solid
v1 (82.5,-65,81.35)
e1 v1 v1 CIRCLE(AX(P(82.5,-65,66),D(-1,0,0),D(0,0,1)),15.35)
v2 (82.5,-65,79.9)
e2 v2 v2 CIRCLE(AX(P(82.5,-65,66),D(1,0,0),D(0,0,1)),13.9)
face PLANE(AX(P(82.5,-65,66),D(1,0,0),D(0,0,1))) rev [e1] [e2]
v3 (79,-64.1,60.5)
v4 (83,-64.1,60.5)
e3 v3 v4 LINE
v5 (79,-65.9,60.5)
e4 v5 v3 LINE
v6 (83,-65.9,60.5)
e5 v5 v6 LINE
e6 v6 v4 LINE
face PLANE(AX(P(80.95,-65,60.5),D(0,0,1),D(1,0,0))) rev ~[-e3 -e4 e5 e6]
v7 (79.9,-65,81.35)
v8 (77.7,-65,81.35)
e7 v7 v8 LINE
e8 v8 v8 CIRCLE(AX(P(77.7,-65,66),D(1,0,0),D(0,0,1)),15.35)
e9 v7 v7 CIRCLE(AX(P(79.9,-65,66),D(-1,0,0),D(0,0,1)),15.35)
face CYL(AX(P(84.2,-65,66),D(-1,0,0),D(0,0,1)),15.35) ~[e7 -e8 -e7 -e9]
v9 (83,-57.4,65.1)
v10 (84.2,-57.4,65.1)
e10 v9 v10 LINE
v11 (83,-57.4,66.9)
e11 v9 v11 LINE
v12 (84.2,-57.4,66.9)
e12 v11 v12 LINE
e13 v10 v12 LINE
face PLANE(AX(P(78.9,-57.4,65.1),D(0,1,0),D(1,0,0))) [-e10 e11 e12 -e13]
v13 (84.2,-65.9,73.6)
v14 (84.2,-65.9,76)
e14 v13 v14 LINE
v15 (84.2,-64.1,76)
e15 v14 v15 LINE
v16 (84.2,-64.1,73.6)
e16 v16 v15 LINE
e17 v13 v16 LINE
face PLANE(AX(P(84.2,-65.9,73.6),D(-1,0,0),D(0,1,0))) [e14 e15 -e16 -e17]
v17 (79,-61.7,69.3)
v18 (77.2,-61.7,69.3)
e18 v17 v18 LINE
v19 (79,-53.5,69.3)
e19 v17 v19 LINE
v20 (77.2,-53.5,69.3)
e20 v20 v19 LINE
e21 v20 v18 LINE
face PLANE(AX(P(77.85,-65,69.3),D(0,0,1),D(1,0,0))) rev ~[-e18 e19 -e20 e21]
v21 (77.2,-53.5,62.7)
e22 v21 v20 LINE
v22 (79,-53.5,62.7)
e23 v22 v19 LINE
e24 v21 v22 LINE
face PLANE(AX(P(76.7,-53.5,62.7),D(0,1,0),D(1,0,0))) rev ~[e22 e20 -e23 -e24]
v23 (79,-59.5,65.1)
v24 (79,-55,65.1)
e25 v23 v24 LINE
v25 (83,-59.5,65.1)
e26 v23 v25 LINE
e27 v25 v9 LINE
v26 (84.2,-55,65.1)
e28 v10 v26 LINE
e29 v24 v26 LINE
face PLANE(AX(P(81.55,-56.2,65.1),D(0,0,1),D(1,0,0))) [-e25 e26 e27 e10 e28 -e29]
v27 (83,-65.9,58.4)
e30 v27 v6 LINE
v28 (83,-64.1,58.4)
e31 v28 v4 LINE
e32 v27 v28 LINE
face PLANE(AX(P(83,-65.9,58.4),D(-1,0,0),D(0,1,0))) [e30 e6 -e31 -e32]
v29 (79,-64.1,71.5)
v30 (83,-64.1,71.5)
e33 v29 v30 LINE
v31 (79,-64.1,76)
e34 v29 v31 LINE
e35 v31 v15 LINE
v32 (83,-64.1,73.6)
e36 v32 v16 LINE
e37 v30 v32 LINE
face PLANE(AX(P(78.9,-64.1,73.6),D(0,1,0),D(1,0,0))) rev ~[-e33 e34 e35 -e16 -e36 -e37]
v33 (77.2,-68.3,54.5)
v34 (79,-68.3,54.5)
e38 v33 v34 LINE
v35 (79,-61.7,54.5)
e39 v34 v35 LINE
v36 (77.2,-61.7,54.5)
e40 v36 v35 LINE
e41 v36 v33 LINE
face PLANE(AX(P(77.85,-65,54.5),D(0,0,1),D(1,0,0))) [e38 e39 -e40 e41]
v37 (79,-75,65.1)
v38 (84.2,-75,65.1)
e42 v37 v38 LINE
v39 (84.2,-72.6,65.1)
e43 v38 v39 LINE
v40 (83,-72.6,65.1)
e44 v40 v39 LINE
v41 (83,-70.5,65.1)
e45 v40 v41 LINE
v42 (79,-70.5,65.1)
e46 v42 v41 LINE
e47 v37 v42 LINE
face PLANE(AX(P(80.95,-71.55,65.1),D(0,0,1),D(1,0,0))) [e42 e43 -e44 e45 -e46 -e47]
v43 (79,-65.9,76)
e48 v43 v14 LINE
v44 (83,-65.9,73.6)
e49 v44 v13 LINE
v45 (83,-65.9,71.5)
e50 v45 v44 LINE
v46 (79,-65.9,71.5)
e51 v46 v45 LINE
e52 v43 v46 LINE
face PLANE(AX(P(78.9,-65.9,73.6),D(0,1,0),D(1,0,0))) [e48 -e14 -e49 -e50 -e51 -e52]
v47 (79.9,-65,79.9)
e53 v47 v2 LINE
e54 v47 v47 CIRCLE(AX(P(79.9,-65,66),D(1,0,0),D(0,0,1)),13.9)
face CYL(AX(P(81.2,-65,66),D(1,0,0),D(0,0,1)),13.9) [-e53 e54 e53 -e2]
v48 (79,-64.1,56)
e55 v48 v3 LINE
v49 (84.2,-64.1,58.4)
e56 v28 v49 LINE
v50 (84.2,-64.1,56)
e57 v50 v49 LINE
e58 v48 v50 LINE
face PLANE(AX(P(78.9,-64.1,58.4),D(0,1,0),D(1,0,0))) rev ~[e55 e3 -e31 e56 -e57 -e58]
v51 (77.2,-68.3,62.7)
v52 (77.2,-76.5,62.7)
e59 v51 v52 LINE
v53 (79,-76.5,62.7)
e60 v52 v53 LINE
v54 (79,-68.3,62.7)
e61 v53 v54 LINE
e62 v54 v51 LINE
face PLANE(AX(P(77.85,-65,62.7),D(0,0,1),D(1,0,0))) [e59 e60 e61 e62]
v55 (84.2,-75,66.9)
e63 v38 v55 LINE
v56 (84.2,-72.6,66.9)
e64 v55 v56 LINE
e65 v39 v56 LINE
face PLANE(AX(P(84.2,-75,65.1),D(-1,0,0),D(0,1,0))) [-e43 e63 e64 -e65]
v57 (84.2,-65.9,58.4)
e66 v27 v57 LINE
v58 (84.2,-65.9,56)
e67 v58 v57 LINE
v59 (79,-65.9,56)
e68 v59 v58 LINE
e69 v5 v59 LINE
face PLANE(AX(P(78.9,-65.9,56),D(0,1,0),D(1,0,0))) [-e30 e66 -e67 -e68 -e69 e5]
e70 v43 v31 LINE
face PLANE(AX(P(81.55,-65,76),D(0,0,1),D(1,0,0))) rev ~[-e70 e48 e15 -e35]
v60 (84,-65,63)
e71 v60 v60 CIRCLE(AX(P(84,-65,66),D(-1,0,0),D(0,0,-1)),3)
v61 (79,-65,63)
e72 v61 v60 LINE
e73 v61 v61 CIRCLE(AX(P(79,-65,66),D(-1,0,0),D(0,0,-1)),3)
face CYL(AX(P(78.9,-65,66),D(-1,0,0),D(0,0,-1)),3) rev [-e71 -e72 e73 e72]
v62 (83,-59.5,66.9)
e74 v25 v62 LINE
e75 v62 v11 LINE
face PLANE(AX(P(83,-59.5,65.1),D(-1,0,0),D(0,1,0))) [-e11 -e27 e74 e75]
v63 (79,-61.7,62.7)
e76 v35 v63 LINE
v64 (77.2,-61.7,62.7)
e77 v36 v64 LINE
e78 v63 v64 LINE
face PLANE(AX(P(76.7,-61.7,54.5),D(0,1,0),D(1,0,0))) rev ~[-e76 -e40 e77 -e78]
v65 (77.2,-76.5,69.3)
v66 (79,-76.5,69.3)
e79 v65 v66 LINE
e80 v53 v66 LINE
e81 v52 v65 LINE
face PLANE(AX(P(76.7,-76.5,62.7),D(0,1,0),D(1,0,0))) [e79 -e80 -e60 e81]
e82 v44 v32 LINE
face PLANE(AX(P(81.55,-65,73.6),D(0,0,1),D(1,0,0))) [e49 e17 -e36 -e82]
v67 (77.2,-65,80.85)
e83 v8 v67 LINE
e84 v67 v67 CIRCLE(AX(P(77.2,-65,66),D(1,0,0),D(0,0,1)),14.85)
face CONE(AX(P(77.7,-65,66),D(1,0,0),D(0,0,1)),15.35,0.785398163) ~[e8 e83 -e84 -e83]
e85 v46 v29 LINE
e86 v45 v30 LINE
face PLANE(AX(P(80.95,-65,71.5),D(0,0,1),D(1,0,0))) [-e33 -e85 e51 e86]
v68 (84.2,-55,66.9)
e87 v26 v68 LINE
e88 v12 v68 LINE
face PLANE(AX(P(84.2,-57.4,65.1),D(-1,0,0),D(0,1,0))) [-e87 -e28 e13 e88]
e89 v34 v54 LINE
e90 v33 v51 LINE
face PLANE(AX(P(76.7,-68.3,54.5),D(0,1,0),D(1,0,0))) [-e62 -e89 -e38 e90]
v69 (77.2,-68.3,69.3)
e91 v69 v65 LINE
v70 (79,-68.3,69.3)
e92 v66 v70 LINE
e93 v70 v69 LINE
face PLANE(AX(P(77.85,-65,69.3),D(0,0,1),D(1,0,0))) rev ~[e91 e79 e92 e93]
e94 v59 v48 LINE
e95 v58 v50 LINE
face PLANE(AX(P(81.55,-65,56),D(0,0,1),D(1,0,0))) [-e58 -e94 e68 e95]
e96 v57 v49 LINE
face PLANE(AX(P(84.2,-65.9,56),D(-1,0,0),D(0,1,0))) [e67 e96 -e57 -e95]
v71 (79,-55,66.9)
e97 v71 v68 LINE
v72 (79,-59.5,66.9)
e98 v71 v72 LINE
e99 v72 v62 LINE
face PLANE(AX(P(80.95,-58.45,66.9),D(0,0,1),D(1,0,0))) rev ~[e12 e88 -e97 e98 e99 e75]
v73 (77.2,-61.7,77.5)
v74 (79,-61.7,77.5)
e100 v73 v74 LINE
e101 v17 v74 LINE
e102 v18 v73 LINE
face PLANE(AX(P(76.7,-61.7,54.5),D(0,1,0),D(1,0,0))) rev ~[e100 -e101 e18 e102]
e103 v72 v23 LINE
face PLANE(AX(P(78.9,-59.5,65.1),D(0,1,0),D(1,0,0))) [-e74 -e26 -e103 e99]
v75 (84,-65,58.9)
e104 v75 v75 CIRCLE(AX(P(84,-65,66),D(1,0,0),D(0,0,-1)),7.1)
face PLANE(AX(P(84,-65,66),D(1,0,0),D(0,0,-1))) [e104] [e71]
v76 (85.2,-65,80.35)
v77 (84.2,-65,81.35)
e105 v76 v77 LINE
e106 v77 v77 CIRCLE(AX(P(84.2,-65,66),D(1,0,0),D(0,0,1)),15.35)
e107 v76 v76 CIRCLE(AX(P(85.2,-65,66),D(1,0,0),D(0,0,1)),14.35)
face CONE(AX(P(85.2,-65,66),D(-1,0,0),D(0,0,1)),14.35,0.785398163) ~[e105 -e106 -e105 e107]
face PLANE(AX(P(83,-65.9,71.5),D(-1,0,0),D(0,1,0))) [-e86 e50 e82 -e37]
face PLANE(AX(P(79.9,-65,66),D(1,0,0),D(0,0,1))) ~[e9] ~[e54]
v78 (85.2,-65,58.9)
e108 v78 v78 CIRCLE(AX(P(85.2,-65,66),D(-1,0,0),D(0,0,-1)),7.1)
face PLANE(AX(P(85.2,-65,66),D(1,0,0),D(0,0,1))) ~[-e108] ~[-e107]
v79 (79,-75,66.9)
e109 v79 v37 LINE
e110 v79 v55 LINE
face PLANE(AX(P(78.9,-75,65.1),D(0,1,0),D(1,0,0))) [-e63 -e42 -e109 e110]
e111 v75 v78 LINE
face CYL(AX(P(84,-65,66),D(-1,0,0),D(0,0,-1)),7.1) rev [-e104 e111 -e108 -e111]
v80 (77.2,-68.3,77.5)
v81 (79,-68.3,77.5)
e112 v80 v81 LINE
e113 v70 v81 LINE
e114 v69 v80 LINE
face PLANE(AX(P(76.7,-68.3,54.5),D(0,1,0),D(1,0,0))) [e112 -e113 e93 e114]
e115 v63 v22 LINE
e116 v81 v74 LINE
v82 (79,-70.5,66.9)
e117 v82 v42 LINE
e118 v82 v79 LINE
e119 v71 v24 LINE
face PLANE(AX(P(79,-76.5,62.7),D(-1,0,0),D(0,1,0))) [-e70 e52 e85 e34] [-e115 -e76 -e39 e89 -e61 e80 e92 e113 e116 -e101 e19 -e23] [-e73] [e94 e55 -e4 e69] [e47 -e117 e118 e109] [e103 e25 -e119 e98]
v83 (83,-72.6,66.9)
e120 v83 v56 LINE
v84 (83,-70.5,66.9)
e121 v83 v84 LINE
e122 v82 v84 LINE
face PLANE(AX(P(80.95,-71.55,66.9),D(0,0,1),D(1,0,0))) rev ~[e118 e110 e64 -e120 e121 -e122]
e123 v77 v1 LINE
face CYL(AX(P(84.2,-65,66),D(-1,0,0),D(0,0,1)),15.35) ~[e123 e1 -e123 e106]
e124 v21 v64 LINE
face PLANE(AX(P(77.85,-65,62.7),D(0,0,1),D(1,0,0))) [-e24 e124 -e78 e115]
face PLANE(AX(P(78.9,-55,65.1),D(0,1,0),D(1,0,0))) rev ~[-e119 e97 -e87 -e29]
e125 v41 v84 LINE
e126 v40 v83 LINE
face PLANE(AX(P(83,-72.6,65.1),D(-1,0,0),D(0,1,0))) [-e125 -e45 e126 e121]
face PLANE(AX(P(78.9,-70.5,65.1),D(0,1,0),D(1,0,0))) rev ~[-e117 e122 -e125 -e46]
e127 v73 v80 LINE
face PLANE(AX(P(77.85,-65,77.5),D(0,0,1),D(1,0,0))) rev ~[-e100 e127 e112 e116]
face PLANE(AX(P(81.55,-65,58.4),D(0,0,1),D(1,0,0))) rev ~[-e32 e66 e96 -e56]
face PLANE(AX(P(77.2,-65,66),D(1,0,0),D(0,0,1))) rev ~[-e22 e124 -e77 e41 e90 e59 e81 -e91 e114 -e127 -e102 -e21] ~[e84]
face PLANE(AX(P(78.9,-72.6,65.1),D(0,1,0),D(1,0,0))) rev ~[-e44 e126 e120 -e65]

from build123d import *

# Parameters (mm, degrees)
SKETCH2_W            = 2.6
SKETCH2_H            = 2.45
BOSS_EXTRUDE1_START  = 62.7
SKETCH3_W            = 2.3
SKETCH3_H            = 23
BOSS_EXTRUDE1_DEPTH  = 6.6
BOSS_EXTRUDE2_START  = 54.5
SKETCH4_W            = 2.3
SKETCH4_H            = 6.6
BOSS_EXTRUDE2_DEPTH  = 23
BOSS_EXTRUDE3_START  = 76.7
SKETCH5_R            = 4.6
BOSS_EXTRUDE3_DEPTH  = 2.3
BOSS_EXTRUDE4_START  = 84
SKETCH6_R            = 7.1
BOSS_EXTRUDE4_DEPTH  = 1.7
BOSS_EXTRUDE5_START  = 78.9
SKETCH7_R            = 3
BOSS_EXTRUDE5_DEPTH  = 5.2
BOSS_EXTRUDE6_START  = 65.1
SKETCH8_W            = 4.1
SKETCH8_H            = 2.1
BOSS_EXTRUDE6_DEPTH  = 1.8
BOSS_EXTRUDE7_START  = 71.5
SKETCH9_W            = 4.1
SKETCH9_H            = 1.8
BOSS_EXTRUDE7_DEPTH  = 2.1
BOSS_EXTRUDE8_START  = 65.1
SKETCH10_W           = 4.1
SKETCH10_H           = 2.1
BOSS_EXTRUDE8_DEPTH  = 1.8
BOSS_EXTRUDE9_START  = 58.4
SKETCH11_W           = 4.1
SKETCH11_H           = 1.8
BOSS_EXTRUDE9_DEPTH  = 2.1
BOSS_EXTRUDE10_START = 65.1
SKETCH12_W           = 5.3
SKETCH12_H           = 2.4
BOSS_EXTRUDE10_DEPTH = 1.8
BOSS_EXTRUDE11_START = 73.6
SKETCH13_W           = 5.3
SKETCH13_H           = 1.8
BOSS_EXTRUDE11_DEPTH = 2.4
BOSS_EXTRUDE12_START = 65.1
SKETCH14_W           = 5.3
SKETCH14_H           = 2.4
BOSS_EXTRUDE12_DEPTH = 1.8
BOSS_EXTRUDE13_START = 56
SKETCH15_W           = 5.3
SKETCH15_H           = 1.8
BOSS_EXTRUDE13_DEPTH = 2.4


with BuildPart() as part:
    # Sketch1 → Revolve1 (revolve)
    with BuildSketch(Plane.XY.offset(66)):
        Polygon((77.2, -65), (85.2, -65), (85.2, -50.65), (84.2, -49.65), (77.7, -49.65), (77.2, -50.15), align=None)
    revolve(axis=Axis((72.2, -65, 66), (1, 0, 0)))


with BuildPart() as body_2:
    # Sketch2 → Revolve2 (revolve)
    with BuildSketch(Plane.XY.offset(66)):
        with Locations((81.2, -49.875)):
            Rectangle(SKETCH2_W, SKETCH2_H)
    revolve(axis=Axis((74.9, -65, 66), (1, 0, 0)))


with BuildPart() as part_1:
    add(part.part)

    # Combine1: cut body 2
    add(body_2.part, mode=Mode.SUBTRACT)


with BuildPart() as body_2_2:
    # Sketch3 → Boss-Extrude1 (new body)
    with BuildSketch(Plane.XY.offset(BOSS_EXTRUDE1_START)):
        with Locations((77.85, -65)):
            Rectangle(SKETCH3_W, SKETCH3_H)
    extrude(amount=BOSS_EXTRUDE1_DEPTH)


with BuildPart() as part_2:
    add(part_1.part)

    # Combine2: cut body 2 2
    add(body_2_2.part, mode=Mode.SUBTRACT)


with BuildPart() as body_2_3:
    # Sketch4 → Boss-Extrude2 (new body)
    with BuildSketch(Plane.XY.offset(BOSS_EXTRUDE2_START)):
        with Locations((77.85, -65)):
            Rectangle(SKETCH4_W, SKETCH4_H)
    extrude(amount=BOSS_EXTRUDE2_DEPTH)


with BuildPart() as part_3:
    add(part_2.part)

    # Combine3: cut body 2 3
    add(body_2_3.part, mode=Mode.SUBTRACT)


with BuildPart() as body_2_4:
    # Sketch5 → Boss-Extrude3 (new body)
    with BuildSketch(Plane(origin=(0, 0, 0), x_dir=(0, 0, -1), z_dir=(1, 0, 0)).offset(BOSS_EXTRUDE3_START)):
        with Locations((-66, -65)):
            Circle(SKETCH5_R)
    extrude(amount=BOSS_EXTRUDE3_DEPTH)


with BuildPart() as part_4:
    add(part_3.part)

    # Combine4: cut body 2 4
    add(body_2_4.part, mode=Mode.SUBTRACT)


with BuildPart() as body_2_5:
    # Sketch6 → Boss-Extrude4 (new body)
    with BuildSketch(Plane(origin=(0, 0, 0), x_dir=(0, 0, -1), z_dir=(1, 0, 0)).offset(BOSS_EXTRUDE4_START)):
        with Locations((-66, -65)):
            Circle(SKETCH6_R)
    extrude(amount=BOSS_EXTRUDE4_DEPTH)


with BuildPart() as part_5:
    add(part_4.part)

    # Combine5: cut body 2 5
    add(body_2_5.part, mode=Mode.SUBTRACT)


with BuildPart() as body_2_6:
    # Sketch7 → Boss-Extrude5 (new body)
    with BuildSketch(Plane(origin=(0, 0, 0), x_dir=(0, 0, -1), z_dir=(1, 0, 0)).offset(BOSS_EXTRUDE5_START)):
        with Locations((-66, -65)):
            Circle(SKETCH7_R)
    extrude(amount=BOSS_EXTRUDE5_DEPTH)


with BuildPart() as part_6:
    add(part_5.part)

    # Combine6: cut body 2 6
    add(body_2_6.part, mode=Mode.SUBTRACT)


with BuildPart() as body_2_7:
    # Sketch8 → Boss-Extrude6 (new body)
    with BuildSketch(Plane.XY.offset(BOSS_EXTRUDE6_START)):
        with Locations((80.95, -58.45)):
            Rectangle(SKETCH8_W, SKETCH8_H)
    extrude(amount=BOSS_EXTRUDE6_DEPTH)


with BuildPart() as part_7:
    add(part_6.part)

    # Combine7: cut body 2 7
    add(body_2_7.part, mode=Mode.SUBTRACT)


with BuildPart() as body_2_8:
    # Sketch9 → Boss-Extrude7 (new body)
    with BuildSketch(Plane.XY.offset(BOSS_EXTRUDE7_START)):
        with Locations((80.95, -65)):
            Rectangle(SKETCH9_W, SKETCH9_H)
    extrude(amount=BOSS_EXTRUDE7_DEPTH)


with BuildPart() as part_8:
    add(part_7.part)

    # Combine8: cut body 2 8
    add(body_2_8.part, mode=Mode.SUBTRACT)


with BuildPart() as body_2_9:
    # Sketch10 → Boss-Extrude8 (new body)
    with BuildSketch(Plane.XY.offset(BOSS_EXTRUDE8_START)):
        with Locations((80.95, -71.55)):
            Rectangle(SKETCH10_W, SKETCH10_H)
    extrude(amount=BOSS_EXTRUDE8_DEPTH)


with BuildPart() as part_9:
    add(part_8.part)

    # Combine9: cut body 2 9
    add(body_2_9.part, mode=Mode.SUBTRACT)


with BuildPart() as body_2_10:
    # Sketch11 → Boss-Extrude9 (new body)
    with BuildSketch(Plane.XY.offset(BOSS_EXTRUDE9_START)):
        with Locations((80.95, -65)):
            Rectangle(SKETCH11_W, SKETCH11_H)
    extrude(amount=BOSS_EXTRUDE9_DEPTH)


with BuildPart() as part_10:
    add(part_9.part)

    # Combine10: cut body 2 10
    add(body_2_10.part, mode=Mode.SUBTRACT)


with BuildPart() as body_2_11:
    # Sketch12 → Boss-Extrude10 (new body)
    with BuildSketch(Plane.XY.offset(BOSS_EXTRUDE10_START)):
        with Locations((81.55, -56.2)):
            Rectangle(SKETCH12_W, SKETCH12_H)
    extrude(amount=BOSS_EXTRUDE10_DEPTH)


with BuildPart() as part_11:
    add(part_10.part)

    # Combine11: cut body 2 11
    add(body_2_11.part, mode=Mode.SUBTRACT)


with BuildPart() as body_2_12:
    # Sketch13 → Boss-Extrude11 (new body)
    with BuildSketch(Plane.XY.offset(BOSS_EXTRUDE11_START)):
        with Locations((81.55, -65)):
            Rectangle(SKETCH13_W, SKETCH13_H)
    extrude(amount=BOSS_EXTRUDE11_DEPTH)


with BuildPart() as part_12:
    add(part_11.part)

    # Combine12: cut body 2 12
    add(body_2_12.part, mode=Mode.SUBTRACT)


with BuildPart() as body_2_13:
    # Sketch14 → Boss-Extrude12 (new body)
    with BuildSketch(Plane.XY.offset(BOSS_EXTRUDE12_START)):
        with Locations((81.55, -73.8)):
            Rectangle(SKETCH14_W, SKETCH14_H)
    extrude(amount=BOSS_EXTRUDE12_DEPTH)


with BuildPart() as part_13:
    add(part_12.part)

    # Combine13: cut body 2 13
    add(body_2_13.part, mode=Mode.SUBTRACT)


with BuildPart() as body_2_14:
    # Sketch15 → Boss-Extrude13 (new body)
    with BuildSketch(Plane.XY.offset(BOSS_EXTRUDE13_START)):
        with Locations((81.55, -65)):
            Rectangle(SKETCH15_W, SKETCH15_H)
    extrude(amount=BOSS_EXTRUDE13_DEPTH)


with BuildPart() as part_14:
    add(part_13.part)

    # Combine14: cut body 2 14
    add(body_2_14.part, mode=Mode.SUBTRACT)


solid = part_14.part
